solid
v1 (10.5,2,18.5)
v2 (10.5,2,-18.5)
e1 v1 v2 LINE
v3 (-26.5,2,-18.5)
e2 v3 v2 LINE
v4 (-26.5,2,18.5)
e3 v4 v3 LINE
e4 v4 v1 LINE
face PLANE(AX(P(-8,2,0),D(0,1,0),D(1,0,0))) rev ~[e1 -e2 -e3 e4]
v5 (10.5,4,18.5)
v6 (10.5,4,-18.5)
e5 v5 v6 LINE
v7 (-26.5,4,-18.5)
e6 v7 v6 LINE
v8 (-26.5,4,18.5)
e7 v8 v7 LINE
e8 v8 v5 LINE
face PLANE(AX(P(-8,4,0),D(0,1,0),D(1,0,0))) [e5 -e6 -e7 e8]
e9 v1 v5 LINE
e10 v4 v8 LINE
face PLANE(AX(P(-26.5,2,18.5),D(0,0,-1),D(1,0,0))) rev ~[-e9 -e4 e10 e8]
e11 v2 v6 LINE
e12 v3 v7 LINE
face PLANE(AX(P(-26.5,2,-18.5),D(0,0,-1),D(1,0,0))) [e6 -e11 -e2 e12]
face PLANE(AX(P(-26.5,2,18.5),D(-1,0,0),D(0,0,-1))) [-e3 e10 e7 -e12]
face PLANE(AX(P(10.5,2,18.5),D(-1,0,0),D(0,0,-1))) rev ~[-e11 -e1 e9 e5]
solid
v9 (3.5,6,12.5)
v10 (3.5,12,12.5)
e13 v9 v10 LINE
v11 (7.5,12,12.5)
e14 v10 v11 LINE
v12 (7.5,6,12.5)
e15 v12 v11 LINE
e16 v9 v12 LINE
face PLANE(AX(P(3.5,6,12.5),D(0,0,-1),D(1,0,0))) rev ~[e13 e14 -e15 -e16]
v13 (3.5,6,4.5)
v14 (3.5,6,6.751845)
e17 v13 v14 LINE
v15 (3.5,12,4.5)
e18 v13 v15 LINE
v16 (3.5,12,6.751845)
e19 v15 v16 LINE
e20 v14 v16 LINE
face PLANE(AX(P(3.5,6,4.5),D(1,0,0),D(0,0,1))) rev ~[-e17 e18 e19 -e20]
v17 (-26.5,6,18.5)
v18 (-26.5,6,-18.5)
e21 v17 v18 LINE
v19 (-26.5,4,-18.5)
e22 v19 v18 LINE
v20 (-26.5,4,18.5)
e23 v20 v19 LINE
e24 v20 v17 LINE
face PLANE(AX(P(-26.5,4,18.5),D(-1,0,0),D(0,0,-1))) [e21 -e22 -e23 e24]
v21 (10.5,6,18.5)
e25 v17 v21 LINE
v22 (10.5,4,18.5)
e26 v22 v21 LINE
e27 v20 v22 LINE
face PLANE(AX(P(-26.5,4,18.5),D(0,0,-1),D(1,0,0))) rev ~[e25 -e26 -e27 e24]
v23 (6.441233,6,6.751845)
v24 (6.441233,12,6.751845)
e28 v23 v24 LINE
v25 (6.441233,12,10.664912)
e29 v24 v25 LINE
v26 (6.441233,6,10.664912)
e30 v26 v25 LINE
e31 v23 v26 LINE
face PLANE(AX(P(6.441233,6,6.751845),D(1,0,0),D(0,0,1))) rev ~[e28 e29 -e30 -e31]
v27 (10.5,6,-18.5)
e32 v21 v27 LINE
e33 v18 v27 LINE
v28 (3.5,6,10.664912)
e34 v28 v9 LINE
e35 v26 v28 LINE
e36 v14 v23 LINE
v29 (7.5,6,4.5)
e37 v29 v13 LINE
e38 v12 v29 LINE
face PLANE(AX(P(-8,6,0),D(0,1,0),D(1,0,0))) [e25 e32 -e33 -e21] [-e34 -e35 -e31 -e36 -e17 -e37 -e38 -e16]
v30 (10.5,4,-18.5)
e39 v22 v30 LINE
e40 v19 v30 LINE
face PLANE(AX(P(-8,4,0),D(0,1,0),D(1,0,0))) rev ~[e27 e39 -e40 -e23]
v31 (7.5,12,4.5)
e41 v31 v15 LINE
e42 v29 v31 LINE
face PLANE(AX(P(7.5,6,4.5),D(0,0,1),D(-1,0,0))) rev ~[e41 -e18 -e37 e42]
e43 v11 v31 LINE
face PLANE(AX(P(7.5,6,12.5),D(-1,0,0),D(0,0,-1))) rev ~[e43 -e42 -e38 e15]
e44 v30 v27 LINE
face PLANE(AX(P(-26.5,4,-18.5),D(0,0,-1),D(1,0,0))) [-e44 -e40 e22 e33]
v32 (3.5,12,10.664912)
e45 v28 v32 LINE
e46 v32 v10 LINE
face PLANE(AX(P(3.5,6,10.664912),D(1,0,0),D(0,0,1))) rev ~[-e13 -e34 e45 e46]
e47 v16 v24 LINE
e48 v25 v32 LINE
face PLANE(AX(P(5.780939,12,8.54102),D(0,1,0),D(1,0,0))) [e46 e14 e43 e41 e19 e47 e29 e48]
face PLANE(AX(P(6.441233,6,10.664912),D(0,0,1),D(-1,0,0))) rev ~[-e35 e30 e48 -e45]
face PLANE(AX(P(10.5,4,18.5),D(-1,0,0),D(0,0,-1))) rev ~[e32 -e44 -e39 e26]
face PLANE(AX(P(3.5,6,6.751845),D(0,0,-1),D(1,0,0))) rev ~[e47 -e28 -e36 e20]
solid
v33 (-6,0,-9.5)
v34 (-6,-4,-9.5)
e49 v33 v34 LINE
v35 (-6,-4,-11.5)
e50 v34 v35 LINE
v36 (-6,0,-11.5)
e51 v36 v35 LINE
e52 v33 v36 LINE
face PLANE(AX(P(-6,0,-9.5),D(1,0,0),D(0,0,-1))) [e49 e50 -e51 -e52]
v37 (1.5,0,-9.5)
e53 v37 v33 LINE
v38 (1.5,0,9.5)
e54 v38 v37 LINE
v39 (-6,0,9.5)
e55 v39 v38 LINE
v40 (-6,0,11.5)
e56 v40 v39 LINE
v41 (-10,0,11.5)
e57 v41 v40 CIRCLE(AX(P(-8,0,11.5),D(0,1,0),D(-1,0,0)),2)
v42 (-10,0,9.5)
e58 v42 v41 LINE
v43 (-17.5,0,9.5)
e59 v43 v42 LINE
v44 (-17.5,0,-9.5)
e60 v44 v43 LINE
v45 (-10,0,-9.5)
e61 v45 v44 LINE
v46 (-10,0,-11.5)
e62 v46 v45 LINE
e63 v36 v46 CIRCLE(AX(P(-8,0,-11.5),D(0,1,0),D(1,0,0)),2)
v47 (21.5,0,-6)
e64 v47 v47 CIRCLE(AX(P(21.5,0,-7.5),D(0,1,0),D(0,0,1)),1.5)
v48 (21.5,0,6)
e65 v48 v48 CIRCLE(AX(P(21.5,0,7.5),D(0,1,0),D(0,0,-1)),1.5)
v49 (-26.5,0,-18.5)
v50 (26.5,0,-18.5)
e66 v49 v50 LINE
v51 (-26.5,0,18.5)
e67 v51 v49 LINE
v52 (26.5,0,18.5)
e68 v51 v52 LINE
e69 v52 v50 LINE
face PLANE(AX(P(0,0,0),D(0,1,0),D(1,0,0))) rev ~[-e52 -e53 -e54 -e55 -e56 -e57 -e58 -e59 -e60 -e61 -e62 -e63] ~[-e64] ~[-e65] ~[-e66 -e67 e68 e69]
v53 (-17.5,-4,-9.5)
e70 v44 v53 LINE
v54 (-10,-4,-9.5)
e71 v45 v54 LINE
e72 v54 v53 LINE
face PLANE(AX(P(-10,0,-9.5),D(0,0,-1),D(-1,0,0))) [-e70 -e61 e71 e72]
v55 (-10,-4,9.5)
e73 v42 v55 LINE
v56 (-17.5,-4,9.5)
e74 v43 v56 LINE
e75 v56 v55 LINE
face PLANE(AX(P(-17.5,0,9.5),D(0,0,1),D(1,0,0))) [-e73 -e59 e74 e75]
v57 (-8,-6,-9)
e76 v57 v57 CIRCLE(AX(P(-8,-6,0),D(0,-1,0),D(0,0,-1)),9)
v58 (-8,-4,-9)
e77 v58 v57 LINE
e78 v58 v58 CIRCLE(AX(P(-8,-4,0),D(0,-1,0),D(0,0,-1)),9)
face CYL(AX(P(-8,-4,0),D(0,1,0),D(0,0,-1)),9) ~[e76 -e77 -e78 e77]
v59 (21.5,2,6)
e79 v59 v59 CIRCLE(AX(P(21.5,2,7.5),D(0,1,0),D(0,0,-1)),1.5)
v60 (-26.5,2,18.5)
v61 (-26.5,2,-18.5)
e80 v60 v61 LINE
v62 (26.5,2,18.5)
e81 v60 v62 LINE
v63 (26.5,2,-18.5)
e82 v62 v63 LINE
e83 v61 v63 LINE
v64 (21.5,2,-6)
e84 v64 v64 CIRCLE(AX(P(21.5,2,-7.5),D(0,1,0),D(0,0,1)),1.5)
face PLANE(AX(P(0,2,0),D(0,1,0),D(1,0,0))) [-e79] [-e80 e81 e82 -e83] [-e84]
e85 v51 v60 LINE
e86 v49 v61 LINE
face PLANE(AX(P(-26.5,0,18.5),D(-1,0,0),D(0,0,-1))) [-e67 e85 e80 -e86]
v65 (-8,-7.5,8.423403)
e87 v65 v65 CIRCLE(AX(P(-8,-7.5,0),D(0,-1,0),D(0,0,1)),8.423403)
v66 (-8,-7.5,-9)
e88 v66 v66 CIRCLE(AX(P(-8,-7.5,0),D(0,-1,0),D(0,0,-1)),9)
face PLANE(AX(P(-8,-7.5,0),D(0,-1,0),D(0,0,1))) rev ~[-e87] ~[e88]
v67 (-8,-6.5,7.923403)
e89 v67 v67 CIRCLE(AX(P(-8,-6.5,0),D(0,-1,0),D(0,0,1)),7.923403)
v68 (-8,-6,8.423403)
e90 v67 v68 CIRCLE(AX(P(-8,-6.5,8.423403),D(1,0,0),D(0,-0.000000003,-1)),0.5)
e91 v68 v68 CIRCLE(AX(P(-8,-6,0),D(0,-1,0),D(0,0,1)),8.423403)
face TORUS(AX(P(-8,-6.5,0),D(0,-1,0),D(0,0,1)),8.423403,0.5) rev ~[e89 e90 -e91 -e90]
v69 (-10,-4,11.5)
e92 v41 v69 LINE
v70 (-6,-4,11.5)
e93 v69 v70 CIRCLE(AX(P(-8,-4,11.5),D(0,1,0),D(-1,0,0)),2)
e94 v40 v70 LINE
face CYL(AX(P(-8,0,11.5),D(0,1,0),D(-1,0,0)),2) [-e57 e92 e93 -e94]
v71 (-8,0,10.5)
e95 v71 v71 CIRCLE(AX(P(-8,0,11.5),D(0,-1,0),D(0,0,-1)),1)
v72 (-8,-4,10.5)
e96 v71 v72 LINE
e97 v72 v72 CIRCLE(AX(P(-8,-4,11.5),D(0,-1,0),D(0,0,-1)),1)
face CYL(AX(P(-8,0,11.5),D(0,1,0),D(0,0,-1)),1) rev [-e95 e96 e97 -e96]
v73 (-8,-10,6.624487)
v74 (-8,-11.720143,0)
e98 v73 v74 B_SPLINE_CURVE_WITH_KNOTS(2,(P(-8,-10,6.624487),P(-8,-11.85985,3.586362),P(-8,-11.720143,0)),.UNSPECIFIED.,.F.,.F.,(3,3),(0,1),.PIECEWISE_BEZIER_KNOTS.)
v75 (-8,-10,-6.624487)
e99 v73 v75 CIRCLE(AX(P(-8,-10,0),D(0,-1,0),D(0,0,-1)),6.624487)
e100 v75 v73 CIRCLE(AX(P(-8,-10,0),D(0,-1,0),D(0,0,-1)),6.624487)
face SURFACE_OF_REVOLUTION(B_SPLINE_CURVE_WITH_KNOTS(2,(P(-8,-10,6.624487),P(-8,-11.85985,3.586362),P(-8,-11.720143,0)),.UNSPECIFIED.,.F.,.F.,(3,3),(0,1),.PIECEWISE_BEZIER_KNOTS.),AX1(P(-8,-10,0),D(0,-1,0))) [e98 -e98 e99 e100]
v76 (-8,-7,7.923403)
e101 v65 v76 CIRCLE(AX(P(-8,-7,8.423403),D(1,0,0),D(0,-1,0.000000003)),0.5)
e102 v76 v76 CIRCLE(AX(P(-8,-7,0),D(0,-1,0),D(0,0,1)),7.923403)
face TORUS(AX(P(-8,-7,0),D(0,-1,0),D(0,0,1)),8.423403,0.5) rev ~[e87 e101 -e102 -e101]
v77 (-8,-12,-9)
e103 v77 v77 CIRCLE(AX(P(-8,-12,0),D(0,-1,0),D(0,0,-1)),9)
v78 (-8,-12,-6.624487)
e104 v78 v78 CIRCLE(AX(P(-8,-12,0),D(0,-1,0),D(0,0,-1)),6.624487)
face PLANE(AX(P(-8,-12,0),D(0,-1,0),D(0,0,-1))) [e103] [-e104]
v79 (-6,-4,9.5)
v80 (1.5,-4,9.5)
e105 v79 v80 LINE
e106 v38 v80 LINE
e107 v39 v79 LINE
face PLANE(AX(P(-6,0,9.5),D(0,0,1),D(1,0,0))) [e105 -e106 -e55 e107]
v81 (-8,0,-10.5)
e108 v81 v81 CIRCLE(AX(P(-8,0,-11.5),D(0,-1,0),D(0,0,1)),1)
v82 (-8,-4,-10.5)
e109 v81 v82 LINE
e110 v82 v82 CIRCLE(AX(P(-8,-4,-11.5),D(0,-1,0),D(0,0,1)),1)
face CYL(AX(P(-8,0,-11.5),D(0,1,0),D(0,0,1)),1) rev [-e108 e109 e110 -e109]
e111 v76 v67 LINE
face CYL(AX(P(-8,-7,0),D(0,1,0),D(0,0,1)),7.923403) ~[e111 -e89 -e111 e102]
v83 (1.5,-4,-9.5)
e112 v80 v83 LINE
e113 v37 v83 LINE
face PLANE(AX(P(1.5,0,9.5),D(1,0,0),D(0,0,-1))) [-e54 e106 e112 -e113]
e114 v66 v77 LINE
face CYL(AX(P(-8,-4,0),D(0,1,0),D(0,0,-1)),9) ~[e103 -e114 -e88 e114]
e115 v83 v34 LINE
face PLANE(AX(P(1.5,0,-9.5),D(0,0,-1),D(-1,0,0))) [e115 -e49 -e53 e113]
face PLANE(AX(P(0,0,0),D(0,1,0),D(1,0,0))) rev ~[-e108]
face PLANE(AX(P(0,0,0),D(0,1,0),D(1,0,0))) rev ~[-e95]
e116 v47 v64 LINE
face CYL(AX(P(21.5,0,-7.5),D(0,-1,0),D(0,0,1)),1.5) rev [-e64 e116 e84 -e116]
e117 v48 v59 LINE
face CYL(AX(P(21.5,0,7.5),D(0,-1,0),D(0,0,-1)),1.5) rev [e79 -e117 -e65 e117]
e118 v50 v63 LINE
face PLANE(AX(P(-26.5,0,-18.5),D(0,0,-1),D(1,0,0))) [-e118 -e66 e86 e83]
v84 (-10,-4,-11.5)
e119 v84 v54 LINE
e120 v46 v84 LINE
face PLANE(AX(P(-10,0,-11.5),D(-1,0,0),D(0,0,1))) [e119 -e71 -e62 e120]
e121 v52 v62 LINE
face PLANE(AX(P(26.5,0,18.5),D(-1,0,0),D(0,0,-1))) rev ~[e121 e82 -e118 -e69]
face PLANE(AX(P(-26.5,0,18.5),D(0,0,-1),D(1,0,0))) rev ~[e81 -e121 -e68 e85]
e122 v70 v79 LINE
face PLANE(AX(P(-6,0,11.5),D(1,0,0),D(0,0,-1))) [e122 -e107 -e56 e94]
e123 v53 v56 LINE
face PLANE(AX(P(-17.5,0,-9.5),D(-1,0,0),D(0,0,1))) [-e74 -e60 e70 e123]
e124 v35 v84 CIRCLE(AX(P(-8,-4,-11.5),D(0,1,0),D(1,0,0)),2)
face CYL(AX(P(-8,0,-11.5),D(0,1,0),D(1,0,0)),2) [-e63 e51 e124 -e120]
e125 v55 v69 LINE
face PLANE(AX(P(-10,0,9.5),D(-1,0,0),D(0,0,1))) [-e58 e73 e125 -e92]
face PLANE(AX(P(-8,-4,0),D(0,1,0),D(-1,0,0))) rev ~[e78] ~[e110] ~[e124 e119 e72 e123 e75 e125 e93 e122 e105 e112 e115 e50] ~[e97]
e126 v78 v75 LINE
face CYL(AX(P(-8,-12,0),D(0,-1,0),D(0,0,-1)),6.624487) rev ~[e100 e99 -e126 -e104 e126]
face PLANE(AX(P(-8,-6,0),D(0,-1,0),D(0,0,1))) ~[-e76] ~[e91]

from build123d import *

# Parameters (mm, degrees)
SKETCH_1_W          = 53
SKETCH_1_H          = 37
SKETCH_1_R          = 1.5
EXTRUDE_1_DEPTH     = 2
SKETCH_2_W          = 37
SKETCH_2_H          = 37
EXTRUDE_2_DEPTH     = 2
SKETCH_3_W          = 37
SKETCH_3_H          = 37
EXTRUDE_3_DEPTH     = 2
EXTRUDE_4_DEPTH     = 6
SKETCH_5_R          = 1
EXTRUDE_5_DEPTH     = 4
SKETCH_6_R          = 9
EXTRUDE_6_DEPTH     = 8
SKETCH_7_R          = 6.62448747
CUT_EXTRUDE_1_DEPTH = 2


with BuildPart() as part:
    # 草图1 → 凸台-拉伸1 (new body)
    with BuildSketch(Plane(origin=(0, 0, 0), x_dir=(1, 0, 0), z_dir=(0, 1, 0))):
        Rectangle(SKETCH_1_W, SKETCH_1_H)
        with Locations((21.5, 7.5)):
            Circle(SKETCH_1_R, mode=Mode.SUBTRACT)
        with Locations((21.5, -7.5)):
            Circle(SKETCH_1_R, mode=Mode.SUBTRACT)
    extrude(amount=EXTRUDE_1_DEPTH)

    # 草图5 → 凸台-拉伸5 (add)
    with BuildSketch(Plane.XZ):
        with BuildLine():
            Line((-6, 11.5), (-6, 9.5))
            Line((-6, 9.5), (1.5, 9.5))
            Line((1.5, 9.5), (1.5, -9.5))
            Line((1.5, -9.5), (-6, -9.5))
            Line((-6, -9.5), (-6, -11.5))
            ThreePointArc((-6, -11.5), (-8, -13.5), (-10, -11.5))
            Line((-10, -11.5), (-10, -9.5))
            Line((-10, -9.5), (-17.5, -9.5))
            Line((-17.5, -9.5), (-17.5, 9.5))
            Line((-17.5, 9.5), (-10, 9.5))
            Line((-10, 9.5), (-10, 11.5))
            ThreePointArc((-10, 11.5), (-8, 13.5), (-6, 11.5))
        make_face()
        with Locations((-8, 11.5)):
            Circle(SKETCH_5_R, mode=Mode.SUBTRACT)
        with Locations((-8, -11.5)):
            Circle(SKETCH_5_R, mode=Mode.SUBTRACT)
    extrude(amount=EXTRUDE_5_DEPTH)

    # 草图6 → 凸台-拉伸6 (add)
    with BuildSketch(Plane.XZ.offset(4)):
        with Locations((-8, 0)):
            Circle(SKETCH_6_R)
    extrude(amount=EXTRUDE_6_DEPTH)

    # 草图7 → 切除-拉伸1 (cut)
    with BuildSketch(Plane.XZ.offset(12)):
        with Locations((-8, 0)):
            Circle(SKETCH_7_R)
    extrude(amount=-CUT_EXTRUDE_1_DEPTH, mode=Mode.SUBTRACT)

    # 草图8 → 旋转1 (revolve)
    with BuildSketch(Plane(origin=(-8, 0, 0), x_dir=(0, -1, 0), z_dir=(1, 0, 0))):
        with BuildLine():
            Line((10, 0), (11.720143423, 0))
            add(Edge.make_bspline(
                [(10, -6.62448747), (11.859849746, -3.586362146), (11.720143423, 0)],
                knots=[0, 0, 0, 1, 1, 1], degree=2))
            Line((10, -6.62448747), (10, 0))
        make_face()
    revolve(axis=Axis((-8, -10, 0), (0, -1, 0)))

    # 草图9 → 切除-旋转1 (revolve, cut)
    with BuildSketch(Plane(origin=(-8, 0, 0), x_dir=(0, -1, 0), z_dir=(1, 0, 0))):
        with BuildLine():
            Line((6, -9), (7.5, -9))
            Line((7.5, -9), (7.5, -8.423402625))
            ThreePointArc((7.5, -8.423402625), (7.353553391, -8.069849234), (7, -7.923402625))
            Line((7, -7.923402625), (6.5, -7.923402625))
            ThreePointArc((6.5, -7.923402625), (6.146446609, -8.069849234), (6, -8.423402625))
            Line((6, -8.423402625), (6, -9))
        make_face()
    revolve(axis=Axis((-8, -6.28732061, 0), (0, -1, 0)), mode=Mode.SUBTRACT)


with BuildPart() as body_2:
    # 草图2 → 凸台-拉伸2 (new body)
    with BuildSketch(Plane(origin=(0, 2, 0), x_dir=(1, 0, 0), z_dir=(0, 1, 0))):
        with Locations((-8, 0)):
            Rectangle(SKETCH_2_W, SKETCH_2_H)
    extrude(amount=EXTRUDE_2_DEPTH)


with BuildPart() as body_3:
    # 草图3 → 凸台-拉伸3 (new body)
    with BuildSketch(Plane(origin=(0, 4, 0), x_dir=(1, 0, 0), z_dir=(0, 1, 0))):
        with Locations((-8, 0)):
            Rectangle(SKETCH_3_W, SKETCH_3_H)
    extrude(amount=EXTRUDE_3_DEPTH)

    # 草图4 → 凸台-拉伸4 (add)
    with BuildSketch(Plane(origin=(0, 6, 0), x_dir=(1, 0, 0), z_dir=(0, 1, 0))):
        Polygon((3.5, -10.664911908), (3.5, -12.5), (7.5, -12.5), (7.5, -4.5), (3.5, -4.5), (3.5, -6.751845124), (6.441233058, -6.751845124), (6.441233058, -10.664911908), align=None)
    extrude(amount=EXTRUDE_4_DEPTH)


solid = Compound([part.part, body_2.part, body_3.part])
